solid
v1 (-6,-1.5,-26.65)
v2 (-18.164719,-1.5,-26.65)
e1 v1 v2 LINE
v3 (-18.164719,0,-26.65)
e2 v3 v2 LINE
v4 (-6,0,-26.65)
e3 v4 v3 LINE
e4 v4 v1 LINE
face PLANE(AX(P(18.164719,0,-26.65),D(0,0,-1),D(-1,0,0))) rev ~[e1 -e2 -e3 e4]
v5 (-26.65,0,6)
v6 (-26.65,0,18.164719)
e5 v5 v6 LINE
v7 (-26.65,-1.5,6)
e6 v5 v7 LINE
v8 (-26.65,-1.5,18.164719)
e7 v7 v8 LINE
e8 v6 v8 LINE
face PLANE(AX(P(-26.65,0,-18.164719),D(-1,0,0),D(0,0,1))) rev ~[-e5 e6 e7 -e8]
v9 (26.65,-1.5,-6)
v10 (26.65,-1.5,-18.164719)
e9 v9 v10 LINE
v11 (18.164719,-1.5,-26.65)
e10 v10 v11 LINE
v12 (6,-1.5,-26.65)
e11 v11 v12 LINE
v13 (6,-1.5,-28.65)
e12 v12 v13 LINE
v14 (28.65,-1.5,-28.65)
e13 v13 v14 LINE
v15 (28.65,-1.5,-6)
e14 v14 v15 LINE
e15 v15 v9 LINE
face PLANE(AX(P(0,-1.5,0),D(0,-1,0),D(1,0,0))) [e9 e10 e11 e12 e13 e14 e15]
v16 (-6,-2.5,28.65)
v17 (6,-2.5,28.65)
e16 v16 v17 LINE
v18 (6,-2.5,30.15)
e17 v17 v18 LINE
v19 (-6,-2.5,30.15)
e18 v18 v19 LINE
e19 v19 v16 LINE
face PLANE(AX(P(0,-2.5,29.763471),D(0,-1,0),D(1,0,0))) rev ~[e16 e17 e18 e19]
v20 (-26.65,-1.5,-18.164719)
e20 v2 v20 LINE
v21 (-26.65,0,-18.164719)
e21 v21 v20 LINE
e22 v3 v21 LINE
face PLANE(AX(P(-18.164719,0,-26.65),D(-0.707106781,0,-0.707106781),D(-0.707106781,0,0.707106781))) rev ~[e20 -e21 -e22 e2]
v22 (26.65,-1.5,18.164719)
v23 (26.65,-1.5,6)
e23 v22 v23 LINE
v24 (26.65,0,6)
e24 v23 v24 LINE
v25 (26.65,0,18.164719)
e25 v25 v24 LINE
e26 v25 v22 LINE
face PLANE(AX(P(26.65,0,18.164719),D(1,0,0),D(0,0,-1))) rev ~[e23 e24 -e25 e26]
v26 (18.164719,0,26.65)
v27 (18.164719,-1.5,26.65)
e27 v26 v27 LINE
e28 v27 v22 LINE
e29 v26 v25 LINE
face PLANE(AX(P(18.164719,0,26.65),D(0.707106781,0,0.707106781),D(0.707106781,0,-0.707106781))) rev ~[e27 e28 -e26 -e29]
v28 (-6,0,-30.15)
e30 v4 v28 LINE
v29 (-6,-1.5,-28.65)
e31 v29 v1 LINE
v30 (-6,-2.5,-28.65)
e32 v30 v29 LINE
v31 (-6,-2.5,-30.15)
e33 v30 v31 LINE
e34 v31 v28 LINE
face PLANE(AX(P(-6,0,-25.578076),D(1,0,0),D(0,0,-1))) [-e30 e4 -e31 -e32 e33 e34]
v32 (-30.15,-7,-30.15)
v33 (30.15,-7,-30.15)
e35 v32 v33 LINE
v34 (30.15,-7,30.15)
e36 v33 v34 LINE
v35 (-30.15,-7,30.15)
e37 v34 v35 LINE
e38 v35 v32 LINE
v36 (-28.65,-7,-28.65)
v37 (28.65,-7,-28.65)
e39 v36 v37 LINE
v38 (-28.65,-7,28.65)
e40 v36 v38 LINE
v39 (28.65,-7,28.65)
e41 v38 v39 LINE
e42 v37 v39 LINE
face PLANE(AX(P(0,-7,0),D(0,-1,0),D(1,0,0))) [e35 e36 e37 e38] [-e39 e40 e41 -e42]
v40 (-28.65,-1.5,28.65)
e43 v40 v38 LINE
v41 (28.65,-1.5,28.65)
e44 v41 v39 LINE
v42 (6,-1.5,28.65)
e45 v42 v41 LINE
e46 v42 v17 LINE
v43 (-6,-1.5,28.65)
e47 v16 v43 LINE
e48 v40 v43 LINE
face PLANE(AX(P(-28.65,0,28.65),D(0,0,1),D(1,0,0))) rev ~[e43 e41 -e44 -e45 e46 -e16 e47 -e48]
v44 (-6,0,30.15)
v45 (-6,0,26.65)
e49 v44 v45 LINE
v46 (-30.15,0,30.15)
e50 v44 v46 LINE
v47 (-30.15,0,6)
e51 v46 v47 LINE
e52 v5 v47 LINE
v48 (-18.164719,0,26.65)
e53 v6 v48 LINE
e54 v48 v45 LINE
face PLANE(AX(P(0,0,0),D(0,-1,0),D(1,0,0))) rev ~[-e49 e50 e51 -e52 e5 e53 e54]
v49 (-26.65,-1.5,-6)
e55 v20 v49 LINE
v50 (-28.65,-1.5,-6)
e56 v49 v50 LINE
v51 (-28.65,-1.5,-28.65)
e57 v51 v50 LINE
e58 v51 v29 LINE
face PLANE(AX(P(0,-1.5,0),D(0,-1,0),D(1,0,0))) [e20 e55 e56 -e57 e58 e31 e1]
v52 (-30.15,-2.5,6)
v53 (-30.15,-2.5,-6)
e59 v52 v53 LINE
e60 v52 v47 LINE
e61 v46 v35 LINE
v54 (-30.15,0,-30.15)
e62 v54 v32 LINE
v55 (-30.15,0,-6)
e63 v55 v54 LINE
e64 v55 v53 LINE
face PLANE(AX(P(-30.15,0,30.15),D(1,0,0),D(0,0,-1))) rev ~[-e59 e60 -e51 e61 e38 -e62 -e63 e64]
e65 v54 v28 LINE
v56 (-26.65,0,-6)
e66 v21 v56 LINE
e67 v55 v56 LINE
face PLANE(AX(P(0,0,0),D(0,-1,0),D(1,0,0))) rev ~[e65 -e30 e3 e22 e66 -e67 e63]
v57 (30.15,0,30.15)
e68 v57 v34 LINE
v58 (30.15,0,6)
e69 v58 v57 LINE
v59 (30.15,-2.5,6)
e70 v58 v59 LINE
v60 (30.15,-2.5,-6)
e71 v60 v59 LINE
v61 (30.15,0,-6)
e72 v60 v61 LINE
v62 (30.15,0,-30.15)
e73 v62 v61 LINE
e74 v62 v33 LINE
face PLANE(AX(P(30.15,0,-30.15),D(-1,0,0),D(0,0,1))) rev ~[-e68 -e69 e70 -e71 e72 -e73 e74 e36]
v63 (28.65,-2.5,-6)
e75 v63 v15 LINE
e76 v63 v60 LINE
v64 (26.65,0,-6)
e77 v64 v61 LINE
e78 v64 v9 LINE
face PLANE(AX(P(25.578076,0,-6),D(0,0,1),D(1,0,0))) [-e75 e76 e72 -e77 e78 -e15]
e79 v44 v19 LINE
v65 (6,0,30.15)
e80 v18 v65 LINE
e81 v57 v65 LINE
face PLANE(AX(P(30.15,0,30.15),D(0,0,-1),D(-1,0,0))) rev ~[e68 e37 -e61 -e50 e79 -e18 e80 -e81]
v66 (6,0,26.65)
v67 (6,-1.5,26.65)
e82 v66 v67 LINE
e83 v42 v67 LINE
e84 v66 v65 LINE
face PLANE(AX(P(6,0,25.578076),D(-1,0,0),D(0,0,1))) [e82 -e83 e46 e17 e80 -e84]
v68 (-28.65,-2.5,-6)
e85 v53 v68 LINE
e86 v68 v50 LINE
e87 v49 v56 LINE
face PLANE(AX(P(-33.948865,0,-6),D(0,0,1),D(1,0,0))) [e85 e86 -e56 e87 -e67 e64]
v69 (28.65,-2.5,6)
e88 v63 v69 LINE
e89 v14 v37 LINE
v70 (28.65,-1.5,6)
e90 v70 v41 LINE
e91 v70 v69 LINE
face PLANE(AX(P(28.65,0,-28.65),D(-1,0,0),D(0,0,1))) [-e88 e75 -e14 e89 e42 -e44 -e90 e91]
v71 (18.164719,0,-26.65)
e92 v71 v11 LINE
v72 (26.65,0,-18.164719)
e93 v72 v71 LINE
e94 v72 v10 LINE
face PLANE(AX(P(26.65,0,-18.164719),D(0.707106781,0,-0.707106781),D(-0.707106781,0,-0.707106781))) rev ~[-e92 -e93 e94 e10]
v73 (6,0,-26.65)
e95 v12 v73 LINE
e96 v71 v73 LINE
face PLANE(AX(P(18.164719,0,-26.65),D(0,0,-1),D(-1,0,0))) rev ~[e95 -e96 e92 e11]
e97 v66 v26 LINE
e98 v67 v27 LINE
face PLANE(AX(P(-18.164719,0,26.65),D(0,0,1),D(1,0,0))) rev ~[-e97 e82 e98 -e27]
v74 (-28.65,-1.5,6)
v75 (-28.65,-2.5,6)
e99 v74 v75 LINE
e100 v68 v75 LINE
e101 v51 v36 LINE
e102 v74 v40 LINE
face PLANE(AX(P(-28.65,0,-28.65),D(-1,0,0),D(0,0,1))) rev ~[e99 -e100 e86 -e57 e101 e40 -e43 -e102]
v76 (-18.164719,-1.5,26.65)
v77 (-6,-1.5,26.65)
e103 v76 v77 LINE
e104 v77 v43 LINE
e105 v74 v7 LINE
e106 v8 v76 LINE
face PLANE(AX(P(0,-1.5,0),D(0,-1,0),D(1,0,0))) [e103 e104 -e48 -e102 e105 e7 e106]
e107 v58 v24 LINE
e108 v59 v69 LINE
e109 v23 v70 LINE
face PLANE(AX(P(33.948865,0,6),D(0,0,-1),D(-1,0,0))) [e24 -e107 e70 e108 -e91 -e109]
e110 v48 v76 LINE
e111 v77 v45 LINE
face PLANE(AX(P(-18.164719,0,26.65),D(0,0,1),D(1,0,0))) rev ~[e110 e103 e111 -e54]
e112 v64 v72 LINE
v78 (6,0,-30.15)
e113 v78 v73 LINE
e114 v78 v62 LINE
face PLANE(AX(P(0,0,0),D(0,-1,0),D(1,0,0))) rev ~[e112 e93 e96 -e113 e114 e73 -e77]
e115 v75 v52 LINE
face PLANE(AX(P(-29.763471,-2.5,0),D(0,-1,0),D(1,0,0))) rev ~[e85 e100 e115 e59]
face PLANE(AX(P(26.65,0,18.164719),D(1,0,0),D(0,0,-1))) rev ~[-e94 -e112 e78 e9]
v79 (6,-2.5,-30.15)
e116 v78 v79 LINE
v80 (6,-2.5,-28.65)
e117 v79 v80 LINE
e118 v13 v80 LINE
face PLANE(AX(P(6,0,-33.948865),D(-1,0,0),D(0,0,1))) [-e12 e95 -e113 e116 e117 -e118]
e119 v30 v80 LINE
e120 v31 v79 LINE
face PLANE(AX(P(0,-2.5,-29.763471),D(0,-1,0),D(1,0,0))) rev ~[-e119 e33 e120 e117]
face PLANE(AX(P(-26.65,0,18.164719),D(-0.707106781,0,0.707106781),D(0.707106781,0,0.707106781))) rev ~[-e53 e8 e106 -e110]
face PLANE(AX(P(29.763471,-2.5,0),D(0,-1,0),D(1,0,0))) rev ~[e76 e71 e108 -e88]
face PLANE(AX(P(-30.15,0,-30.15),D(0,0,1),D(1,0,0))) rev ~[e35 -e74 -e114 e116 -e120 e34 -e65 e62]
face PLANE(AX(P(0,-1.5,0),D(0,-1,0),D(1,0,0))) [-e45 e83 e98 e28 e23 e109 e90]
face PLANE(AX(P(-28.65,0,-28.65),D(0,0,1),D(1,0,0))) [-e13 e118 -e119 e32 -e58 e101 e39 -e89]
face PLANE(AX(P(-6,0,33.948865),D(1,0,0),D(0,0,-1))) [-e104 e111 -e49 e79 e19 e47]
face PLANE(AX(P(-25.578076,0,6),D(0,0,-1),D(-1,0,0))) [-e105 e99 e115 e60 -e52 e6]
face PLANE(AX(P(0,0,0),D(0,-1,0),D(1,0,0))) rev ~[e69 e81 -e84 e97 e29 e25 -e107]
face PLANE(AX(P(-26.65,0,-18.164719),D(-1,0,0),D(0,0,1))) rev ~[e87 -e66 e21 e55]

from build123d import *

# Parameters (mm, degrees)
F0_W     = 57.3
F0_H     = 57.3
F1_DEPTH = 1.5
F2_W     = 57.3
F2_H     = 57.3
F3_DEPTH = 7
F5_DEPTH = 2.5


with BuildPart() as f1:
    # F0 (on Front) → F1 (new body)
    with BuildSketch(Plane.XZ):
        Rectangle(F0_W, F0_H)
        Polygon((-18.164719, 26.65), (18.164719, 26.65), (26.65, 18.164719), (26.65, -18.164719), (18.164719, -26.65), (-18.164719, -26.65), (-26.65, -18.164719), (-26.65, 18.164719), align=None, mode=Mode.SUBTRACT)
    extrude(amount=F1_DEPTH)

    # F2 (on Front) → F3 (join)
    with BuildSketch(Plane.XZ):
        Polygon((28.65, 30.15), (-28.65, 30.15), (-30.15, 30.15), (-30.15, 28.65), (-30.15, -28.65), (-30.15, -30.15), (-28.65, -30.15), (28.65, -30.15), (30.15, -30.15), (30.15, -28.65), (30.15, 28.65), (30.15, 30.15), align=None)
        Rectangle(F2_W, F2_H, mode=Mode.SUBTRACT)
    extrude(amount=F3_DEPTH)

    # F4 (on Front) → F5 (cut)
    with BuildSketch(Plane.XZ):
        Polygon((25.578076, 6), (25.578076, 0), (25.578076, -6), (33.948865, -6), (33.948865, 6), align=None)
        Polygon((-6, 33.948865), (-6, 25.578076), (0, 25.578076), (6, 25.578076), (6, 33.948865), align=None)
        Polygon((-33.948865, -6), (-25.578076, -6), (-25.578076, 0), (-25.578076, 6), (-33.948865, 6), align=None)
        Polygon((6, -33.948865), (6, -25.578076), (0, -25.578076), (-6, -25.578076), (-6, -33.948865), align=None)
    extrude(amount=F5_DEPTH, mode=Mode.SUBTRACT)


solid = f1.part
